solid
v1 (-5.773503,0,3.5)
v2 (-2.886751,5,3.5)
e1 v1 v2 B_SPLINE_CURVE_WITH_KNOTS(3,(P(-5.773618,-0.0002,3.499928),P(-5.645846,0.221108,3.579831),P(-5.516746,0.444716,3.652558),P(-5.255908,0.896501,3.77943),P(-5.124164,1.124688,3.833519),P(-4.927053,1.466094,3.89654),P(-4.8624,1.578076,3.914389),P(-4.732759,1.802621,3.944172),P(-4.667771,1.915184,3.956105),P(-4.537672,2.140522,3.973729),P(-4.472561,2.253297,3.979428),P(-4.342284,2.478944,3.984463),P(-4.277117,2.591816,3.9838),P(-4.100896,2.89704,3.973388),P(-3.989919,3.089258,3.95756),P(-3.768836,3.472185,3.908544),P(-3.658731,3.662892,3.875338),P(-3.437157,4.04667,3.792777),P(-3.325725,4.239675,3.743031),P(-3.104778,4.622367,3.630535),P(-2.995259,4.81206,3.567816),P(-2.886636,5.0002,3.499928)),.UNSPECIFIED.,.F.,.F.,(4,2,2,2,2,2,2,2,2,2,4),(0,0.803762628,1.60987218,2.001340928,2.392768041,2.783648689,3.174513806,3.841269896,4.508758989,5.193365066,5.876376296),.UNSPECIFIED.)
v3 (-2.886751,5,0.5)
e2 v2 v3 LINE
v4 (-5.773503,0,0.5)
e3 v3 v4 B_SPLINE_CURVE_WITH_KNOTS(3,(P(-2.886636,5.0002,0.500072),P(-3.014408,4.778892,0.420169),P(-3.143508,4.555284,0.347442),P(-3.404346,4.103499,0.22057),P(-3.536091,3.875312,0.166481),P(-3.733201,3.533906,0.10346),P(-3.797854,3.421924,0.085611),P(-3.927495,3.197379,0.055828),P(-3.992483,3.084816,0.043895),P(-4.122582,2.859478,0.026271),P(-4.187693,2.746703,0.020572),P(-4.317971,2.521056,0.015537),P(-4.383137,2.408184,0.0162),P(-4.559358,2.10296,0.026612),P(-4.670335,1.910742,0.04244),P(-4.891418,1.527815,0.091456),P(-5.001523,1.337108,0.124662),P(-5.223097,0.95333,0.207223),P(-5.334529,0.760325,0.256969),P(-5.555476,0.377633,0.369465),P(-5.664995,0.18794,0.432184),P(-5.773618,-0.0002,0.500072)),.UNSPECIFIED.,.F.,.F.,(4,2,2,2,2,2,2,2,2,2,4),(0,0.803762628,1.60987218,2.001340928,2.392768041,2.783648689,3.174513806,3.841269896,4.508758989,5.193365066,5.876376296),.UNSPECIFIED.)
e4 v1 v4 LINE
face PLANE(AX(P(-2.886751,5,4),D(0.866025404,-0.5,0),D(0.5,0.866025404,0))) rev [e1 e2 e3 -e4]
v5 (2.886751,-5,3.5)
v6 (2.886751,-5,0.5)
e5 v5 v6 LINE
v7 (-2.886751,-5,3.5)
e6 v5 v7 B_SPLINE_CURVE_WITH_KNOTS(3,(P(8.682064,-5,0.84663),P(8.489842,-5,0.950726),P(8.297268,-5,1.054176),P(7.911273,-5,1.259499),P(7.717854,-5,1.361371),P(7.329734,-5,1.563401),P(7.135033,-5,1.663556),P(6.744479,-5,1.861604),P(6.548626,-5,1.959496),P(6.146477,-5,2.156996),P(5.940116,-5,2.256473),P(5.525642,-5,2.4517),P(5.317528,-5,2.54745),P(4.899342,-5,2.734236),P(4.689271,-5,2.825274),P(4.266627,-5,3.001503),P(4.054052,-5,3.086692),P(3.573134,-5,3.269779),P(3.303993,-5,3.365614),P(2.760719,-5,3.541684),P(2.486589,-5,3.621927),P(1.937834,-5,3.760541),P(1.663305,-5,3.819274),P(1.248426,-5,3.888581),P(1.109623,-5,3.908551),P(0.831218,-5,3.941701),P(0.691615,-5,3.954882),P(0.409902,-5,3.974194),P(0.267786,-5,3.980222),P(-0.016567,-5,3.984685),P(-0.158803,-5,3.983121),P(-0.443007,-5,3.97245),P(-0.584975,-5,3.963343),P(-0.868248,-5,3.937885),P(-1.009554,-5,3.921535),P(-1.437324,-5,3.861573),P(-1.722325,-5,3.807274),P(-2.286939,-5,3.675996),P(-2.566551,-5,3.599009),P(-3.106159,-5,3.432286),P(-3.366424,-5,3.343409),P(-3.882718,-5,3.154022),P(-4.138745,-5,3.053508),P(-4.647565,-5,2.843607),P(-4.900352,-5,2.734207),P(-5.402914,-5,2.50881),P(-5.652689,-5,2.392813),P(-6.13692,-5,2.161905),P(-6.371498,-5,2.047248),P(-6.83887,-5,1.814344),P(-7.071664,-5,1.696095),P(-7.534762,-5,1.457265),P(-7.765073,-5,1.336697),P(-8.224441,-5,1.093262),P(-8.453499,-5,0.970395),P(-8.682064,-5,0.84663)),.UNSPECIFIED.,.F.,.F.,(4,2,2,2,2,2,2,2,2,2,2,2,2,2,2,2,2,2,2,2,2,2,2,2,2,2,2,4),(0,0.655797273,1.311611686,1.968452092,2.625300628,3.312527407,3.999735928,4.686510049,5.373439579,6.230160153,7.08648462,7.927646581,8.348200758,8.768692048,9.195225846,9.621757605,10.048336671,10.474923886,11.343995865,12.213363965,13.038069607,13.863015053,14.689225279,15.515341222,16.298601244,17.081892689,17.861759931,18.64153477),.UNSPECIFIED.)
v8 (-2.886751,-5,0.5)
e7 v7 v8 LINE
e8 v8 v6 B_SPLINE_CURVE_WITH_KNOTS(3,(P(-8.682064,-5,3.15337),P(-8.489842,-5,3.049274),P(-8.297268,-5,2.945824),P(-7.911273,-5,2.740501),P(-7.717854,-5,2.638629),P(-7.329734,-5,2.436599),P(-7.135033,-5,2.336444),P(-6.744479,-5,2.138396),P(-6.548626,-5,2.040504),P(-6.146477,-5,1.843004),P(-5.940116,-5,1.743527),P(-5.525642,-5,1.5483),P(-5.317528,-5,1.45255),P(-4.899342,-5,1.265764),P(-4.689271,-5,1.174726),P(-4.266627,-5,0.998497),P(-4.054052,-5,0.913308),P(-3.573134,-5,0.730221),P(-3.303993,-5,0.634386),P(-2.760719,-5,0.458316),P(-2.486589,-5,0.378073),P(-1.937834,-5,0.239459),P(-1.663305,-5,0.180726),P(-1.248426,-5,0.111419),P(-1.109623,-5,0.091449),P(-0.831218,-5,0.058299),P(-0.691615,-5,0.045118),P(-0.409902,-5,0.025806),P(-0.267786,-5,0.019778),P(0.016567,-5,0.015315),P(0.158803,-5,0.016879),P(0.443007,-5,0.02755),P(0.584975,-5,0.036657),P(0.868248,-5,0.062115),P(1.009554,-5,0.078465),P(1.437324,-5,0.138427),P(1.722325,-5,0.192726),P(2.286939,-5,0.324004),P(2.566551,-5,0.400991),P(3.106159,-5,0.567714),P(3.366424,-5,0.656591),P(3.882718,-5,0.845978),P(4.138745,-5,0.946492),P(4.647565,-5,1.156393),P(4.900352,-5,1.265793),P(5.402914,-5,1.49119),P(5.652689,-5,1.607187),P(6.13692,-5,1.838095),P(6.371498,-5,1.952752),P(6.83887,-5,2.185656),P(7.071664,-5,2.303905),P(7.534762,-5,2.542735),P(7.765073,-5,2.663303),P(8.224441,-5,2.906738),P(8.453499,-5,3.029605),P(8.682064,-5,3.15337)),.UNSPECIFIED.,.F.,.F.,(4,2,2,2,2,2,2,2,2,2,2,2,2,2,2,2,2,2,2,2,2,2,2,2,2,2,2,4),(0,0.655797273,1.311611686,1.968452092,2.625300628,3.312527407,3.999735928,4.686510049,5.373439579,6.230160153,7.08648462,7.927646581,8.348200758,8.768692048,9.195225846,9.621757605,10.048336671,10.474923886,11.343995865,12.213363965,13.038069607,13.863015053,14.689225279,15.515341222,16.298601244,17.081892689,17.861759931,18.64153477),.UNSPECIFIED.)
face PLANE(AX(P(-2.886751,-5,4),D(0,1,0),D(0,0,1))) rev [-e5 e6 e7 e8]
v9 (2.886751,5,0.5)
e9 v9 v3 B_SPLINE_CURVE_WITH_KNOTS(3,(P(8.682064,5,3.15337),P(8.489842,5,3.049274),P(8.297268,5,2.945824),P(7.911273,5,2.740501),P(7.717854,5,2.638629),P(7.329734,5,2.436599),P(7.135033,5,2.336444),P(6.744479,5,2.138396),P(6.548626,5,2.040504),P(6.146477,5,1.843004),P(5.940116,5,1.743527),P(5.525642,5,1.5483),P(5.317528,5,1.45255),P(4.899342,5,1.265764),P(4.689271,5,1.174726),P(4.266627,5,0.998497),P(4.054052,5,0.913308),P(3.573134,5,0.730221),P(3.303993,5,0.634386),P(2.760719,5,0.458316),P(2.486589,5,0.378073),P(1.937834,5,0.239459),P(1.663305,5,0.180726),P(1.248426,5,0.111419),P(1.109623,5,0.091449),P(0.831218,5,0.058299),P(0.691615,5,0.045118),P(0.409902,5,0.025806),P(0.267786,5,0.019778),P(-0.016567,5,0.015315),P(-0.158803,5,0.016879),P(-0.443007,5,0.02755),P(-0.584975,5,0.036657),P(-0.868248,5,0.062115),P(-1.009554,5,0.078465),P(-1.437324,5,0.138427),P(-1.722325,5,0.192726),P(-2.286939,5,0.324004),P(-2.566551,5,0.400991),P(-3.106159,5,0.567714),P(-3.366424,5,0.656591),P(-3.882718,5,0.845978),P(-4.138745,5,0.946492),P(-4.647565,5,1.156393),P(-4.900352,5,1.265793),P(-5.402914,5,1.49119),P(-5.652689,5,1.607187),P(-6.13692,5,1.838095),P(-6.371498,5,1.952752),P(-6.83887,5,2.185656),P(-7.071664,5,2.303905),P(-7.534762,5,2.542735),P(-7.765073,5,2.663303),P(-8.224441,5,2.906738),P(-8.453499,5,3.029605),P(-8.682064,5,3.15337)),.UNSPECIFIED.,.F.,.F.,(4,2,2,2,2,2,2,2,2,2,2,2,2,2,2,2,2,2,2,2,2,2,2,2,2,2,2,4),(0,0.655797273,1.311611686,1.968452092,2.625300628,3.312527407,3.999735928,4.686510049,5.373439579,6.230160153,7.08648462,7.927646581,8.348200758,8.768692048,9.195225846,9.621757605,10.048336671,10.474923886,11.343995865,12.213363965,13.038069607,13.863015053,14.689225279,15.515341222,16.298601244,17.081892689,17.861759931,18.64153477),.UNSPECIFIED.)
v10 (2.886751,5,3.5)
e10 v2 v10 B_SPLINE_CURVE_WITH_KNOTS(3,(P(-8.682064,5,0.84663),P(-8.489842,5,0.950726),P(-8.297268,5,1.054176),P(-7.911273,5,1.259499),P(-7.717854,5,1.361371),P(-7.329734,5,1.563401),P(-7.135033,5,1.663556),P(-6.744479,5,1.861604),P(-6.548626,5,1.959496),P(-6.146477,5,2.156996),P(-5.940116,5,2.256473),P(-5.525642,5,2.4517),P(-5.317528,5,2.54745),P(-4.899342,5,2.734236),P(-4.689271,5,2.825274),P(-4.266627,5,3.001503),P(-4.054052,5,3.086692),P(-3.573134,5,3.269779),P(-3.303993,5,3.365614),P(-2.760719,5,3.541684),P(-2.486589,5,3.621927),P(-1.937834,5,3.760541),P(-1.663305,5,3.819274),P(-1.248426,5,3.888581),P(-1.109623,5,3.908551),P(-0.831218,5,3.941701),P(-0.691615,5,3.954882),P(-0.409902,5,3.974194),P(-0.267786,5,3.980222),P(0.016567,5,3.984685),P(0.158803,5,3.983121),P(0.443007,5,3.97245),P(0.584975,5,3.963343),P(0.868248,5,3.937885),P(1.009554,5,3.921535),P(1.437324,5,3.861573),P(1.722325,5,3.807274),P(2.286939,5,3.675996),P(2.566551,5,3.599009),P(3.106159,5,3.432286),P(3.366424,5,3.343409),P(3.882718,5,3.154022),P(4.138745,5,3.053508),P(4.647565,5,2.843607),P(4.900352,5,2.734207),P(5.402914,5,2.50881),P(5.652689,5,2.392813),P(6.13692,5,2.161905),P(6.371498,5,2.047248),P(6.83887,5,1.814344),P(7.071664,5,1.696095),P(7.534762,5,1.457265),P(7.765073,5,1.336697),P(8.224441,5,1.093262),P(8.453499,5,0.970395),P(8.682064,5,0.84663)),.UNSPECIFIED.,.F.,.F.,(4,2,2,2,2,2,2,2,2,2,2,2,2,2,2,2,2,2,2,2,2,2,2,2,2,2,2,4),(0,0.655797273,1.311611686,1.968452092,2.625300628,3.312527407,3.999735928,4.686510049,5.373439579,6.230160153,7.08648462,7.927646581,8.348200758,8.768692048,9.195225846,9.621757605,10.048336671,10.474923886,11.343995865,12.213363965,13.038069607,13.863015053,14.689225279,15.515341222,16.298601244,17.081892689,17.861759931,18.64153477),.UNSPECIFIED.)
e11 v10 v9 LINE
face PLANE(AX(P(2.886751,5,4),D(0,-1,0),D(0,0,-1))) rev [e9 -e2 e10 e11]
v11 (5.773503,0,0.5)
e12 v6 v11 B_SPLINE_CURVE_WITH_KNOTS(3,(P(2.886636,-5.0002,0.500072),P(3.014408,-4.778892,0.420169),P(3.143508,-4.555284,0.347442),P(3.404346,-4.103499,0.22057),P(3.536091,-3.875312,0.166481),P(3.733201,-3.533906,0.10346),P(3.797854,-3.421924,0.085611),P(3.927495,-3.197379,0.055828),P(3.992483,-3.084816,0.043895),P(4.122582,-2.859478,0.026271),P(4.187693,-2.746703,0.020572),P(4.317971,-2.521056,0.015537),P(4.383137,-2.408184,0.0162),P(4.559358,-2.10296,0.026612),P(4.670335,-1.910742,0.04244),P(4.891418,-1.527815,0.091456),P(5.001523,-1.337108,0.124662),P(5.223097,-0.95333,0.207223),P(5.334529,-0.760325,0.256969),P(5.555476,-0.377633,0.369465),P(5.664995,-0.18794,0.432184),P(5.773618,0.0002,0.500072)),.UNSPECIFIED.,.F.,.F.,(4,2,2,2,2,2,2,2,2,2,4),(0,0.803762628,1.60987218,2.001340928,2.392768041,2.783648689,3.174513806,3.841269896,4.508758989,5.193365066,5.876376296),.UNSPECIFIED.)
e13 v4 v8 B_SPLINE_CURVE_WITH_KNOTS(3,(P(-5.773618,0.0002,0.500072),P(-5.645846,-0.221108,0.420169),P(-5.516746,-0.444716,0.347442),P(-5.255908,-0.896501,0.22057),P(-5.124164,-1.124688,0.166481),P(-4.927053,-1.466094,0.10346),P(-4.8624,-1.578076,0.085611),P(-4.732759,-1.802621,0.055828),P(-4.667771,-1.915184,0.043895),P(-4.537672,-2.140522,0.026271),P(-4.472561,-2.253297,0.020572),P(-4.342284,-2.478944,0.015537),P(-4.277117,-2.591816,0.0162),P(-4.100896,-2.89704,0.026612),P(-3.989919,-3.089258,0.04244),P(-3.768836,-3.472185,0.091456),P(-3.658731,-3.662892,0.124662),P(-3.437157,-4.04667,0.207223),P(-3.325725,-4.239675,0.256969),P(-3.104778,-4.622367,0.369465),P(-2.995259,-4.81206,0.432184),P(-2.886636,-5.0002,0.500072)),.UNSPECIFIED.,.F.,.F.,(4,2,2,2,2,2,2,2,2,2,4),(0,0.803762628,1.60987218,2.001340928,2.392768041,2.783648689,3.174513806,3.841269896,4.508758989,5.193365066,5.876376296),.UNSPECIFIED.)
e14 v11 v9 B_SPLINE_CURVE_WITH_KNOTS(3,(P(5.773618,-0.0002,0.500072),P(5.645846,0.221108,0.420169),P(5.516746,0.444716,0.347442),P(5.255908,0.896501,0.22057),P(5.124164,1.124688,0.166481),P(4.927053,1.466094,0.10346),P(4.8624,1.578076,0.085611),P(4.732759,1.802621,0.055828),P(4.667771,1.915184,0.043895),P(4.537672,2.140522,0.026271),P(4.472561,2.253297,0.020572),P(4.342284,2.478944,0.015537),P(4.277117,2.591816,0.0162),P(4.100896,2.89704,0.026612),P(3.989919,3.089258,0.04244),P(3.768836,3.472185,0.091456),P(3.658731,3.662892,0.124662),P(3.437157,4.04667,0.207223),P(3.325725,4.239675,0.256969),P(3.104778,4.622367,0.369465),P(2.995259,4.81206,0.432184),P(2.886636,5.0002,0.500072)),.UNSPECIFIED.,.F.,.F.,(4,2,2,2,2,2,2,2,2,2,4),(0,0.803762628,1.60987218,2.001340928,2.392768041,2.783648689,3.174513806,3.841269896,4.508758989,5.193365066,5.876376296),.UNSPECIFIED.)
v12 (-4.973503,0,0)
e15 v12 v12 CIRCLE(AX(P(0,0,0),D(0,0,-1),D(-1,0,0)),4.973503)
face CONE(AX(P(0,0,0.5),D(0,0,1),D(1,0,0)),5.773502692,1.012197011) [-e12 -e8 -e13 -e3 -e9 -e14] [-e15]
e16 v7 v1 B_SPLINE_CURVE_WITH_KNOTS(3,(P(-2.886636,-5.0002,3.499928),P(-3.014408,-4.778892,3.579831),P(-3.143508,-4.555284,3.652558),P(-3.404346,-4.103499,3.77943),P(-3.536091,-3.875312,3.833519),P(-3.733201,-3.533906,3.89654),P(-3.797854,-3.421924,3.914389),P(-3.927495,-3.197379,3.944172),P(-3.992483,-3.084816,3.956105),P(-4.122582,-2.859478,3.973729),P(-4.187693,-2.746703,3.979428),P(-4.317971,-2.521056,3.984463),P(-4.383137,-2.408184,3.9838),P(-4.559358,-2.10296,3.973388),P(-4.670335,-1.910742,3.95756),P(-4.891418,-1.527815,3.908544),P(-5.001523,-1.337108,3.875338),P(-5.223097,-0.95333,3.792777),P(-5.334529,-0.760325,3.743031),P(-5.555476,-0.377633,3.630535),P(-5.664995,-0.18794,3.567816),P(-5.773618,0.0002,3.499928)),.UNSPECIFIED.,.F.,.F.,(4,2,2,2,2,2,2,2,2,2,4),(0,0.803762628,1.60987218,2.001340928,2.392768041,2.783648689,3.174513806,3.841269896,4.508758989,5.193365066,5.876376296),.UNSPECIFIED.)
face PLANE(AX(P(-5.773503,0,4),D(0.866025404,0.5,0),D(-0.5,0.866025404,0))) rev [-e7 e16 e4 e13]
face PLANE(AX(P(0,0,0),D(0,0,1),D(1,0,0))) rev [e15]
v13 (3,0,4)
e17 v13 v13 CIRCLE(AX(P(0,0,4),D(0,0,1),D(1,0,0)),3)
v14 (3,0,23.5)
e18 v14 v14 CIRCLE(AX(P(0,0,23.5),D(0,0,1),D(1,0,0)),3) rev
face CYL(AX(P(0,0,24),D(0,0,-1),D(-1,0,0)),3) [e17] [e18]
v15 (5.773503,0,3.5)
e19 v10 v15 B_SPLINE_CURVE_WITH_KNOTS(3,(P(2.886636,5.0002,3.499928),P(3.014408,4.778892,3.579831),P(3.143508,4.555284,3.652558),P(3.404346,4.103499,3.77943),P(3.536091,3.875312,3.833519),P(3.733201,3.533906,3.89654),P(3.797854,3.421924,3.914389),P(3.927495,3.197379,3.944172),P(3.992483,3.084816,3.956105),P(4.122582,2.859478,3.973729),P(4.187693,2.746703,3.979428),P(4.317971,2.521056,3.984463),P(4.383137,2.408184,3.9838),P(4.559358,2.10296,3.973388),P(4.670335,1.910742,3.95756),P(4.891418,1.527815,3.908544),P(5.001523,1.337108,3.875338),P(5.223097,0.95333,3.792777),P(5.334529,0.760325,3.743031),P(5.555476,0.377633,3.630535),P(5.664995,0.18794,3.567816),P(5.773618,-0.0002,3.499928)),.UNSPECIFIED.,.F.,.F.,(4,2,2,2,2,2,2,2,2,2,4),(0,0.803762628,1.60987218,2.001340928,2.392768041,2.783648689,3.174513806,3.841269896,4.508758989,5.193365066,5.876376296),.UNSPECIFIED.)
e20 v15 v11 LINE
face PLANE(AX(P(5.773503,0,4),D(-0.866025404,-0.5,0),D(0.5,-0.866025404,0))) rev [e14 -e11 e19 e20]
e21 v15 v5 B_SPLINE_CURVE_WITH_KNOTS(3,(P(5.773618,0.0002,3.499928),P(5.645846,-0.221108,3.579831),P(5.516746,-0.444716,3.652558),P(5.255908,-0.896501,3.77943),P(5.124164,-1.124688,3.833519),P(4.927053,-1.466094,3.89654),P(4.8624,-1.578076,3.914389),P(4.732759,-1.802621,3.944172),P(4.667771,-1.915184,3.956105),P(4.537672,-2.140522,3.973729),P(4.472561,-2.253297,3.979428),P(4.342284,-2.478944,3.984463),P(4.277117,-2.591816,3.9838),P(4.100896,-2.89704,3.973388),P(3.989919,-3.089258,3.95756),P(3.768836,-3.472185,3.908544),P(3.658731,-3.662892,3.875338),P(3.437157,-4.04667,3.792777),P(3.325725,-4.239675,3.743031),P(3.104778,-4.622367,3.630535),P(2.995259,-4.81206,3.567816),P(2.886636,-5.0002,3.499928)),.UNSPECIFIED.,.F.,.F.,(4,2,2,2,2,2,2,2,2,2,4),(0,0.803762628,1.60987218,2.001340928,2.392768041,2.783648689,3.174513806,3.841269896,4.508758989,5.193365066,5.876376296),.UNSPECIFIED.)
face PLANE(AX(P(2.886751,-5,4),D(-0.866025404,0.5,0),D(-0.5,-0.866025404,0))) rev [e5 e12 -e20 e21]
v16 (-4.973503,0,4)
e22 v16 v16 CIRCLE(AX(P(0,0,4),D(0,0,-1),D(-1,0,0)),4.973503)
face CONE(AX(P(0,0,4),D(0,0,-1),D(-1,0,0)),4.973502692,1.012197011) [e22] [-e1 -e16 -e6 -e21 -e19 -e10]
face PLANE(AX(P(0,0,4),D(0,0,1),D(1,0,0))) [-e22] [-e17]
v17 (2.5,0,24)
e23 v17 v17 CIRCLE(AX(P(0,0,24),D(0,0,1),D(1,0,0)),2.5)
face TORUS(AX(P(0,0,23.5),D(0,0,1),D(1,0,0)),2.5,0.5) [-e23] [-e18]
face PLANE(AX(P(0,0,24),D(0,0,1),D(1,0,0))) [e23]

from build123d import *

# Parameters (mm, degrees)
Y_KSEKLIK_EKSTR_ZYON1_DEPTH = 4
IZIM3_R                     = 3
Y_KSEKLIK_EKSTR_ZYON2_DEPTH = 20
RADYUS1_R                   = 0.5


with BuildPart() as part:
    # Çizim1 → Yükseklik-Ekstrüzyon1 (new body)
    with BuildSketch(Plane.XY):
        Polygon((5.773502692, 0), (2.886751346, 5), (-2.886751346, 5), (-5.773502692, 0), (-2.886751346, -5), (2.886751346, -5), align=None)
    extrude(amount=Y_KSEKLIK_EKSTR_ZYON1_DEPTH)

    # Çizim2 → Kes-Döndür1 (revolve, cut)
    with BuildSketch(Plane(origin=(0, 0, 0), x_dir=(1, 0, 0), z_dir=(0, 1, 0))):
        Polygon((-5.773502692, 0), (-5.773502692, -0.5), (-4.973502692, 0), align=None)
        Polygon((-5.773502692, -4), (-5.773502692, -3.5), (-4.973502692, -4), align=None)
    revolve(axis=Axis((0, 0, 0), (0, 0, 1)), mode=Mode.SUBTRACT)

    # Çizim3 → Yükseklik-Ekstrüzyon2 (add)
    with BuildSketch(Plane.XY.offset(4)):
        Circle(IZIM3_R)
    extrude(amount=Y_KSEKLIK_EKSTR_ZYON2_DEPTH)

    # Radyus1
    radyus1_edges = [part.edges().sort_by_distance(p)[0] for p in [
        (-3, 0, 24),
    ]]
    fillet(radyus1_edges, radius=RADYUS1_R)


solid = part.part
